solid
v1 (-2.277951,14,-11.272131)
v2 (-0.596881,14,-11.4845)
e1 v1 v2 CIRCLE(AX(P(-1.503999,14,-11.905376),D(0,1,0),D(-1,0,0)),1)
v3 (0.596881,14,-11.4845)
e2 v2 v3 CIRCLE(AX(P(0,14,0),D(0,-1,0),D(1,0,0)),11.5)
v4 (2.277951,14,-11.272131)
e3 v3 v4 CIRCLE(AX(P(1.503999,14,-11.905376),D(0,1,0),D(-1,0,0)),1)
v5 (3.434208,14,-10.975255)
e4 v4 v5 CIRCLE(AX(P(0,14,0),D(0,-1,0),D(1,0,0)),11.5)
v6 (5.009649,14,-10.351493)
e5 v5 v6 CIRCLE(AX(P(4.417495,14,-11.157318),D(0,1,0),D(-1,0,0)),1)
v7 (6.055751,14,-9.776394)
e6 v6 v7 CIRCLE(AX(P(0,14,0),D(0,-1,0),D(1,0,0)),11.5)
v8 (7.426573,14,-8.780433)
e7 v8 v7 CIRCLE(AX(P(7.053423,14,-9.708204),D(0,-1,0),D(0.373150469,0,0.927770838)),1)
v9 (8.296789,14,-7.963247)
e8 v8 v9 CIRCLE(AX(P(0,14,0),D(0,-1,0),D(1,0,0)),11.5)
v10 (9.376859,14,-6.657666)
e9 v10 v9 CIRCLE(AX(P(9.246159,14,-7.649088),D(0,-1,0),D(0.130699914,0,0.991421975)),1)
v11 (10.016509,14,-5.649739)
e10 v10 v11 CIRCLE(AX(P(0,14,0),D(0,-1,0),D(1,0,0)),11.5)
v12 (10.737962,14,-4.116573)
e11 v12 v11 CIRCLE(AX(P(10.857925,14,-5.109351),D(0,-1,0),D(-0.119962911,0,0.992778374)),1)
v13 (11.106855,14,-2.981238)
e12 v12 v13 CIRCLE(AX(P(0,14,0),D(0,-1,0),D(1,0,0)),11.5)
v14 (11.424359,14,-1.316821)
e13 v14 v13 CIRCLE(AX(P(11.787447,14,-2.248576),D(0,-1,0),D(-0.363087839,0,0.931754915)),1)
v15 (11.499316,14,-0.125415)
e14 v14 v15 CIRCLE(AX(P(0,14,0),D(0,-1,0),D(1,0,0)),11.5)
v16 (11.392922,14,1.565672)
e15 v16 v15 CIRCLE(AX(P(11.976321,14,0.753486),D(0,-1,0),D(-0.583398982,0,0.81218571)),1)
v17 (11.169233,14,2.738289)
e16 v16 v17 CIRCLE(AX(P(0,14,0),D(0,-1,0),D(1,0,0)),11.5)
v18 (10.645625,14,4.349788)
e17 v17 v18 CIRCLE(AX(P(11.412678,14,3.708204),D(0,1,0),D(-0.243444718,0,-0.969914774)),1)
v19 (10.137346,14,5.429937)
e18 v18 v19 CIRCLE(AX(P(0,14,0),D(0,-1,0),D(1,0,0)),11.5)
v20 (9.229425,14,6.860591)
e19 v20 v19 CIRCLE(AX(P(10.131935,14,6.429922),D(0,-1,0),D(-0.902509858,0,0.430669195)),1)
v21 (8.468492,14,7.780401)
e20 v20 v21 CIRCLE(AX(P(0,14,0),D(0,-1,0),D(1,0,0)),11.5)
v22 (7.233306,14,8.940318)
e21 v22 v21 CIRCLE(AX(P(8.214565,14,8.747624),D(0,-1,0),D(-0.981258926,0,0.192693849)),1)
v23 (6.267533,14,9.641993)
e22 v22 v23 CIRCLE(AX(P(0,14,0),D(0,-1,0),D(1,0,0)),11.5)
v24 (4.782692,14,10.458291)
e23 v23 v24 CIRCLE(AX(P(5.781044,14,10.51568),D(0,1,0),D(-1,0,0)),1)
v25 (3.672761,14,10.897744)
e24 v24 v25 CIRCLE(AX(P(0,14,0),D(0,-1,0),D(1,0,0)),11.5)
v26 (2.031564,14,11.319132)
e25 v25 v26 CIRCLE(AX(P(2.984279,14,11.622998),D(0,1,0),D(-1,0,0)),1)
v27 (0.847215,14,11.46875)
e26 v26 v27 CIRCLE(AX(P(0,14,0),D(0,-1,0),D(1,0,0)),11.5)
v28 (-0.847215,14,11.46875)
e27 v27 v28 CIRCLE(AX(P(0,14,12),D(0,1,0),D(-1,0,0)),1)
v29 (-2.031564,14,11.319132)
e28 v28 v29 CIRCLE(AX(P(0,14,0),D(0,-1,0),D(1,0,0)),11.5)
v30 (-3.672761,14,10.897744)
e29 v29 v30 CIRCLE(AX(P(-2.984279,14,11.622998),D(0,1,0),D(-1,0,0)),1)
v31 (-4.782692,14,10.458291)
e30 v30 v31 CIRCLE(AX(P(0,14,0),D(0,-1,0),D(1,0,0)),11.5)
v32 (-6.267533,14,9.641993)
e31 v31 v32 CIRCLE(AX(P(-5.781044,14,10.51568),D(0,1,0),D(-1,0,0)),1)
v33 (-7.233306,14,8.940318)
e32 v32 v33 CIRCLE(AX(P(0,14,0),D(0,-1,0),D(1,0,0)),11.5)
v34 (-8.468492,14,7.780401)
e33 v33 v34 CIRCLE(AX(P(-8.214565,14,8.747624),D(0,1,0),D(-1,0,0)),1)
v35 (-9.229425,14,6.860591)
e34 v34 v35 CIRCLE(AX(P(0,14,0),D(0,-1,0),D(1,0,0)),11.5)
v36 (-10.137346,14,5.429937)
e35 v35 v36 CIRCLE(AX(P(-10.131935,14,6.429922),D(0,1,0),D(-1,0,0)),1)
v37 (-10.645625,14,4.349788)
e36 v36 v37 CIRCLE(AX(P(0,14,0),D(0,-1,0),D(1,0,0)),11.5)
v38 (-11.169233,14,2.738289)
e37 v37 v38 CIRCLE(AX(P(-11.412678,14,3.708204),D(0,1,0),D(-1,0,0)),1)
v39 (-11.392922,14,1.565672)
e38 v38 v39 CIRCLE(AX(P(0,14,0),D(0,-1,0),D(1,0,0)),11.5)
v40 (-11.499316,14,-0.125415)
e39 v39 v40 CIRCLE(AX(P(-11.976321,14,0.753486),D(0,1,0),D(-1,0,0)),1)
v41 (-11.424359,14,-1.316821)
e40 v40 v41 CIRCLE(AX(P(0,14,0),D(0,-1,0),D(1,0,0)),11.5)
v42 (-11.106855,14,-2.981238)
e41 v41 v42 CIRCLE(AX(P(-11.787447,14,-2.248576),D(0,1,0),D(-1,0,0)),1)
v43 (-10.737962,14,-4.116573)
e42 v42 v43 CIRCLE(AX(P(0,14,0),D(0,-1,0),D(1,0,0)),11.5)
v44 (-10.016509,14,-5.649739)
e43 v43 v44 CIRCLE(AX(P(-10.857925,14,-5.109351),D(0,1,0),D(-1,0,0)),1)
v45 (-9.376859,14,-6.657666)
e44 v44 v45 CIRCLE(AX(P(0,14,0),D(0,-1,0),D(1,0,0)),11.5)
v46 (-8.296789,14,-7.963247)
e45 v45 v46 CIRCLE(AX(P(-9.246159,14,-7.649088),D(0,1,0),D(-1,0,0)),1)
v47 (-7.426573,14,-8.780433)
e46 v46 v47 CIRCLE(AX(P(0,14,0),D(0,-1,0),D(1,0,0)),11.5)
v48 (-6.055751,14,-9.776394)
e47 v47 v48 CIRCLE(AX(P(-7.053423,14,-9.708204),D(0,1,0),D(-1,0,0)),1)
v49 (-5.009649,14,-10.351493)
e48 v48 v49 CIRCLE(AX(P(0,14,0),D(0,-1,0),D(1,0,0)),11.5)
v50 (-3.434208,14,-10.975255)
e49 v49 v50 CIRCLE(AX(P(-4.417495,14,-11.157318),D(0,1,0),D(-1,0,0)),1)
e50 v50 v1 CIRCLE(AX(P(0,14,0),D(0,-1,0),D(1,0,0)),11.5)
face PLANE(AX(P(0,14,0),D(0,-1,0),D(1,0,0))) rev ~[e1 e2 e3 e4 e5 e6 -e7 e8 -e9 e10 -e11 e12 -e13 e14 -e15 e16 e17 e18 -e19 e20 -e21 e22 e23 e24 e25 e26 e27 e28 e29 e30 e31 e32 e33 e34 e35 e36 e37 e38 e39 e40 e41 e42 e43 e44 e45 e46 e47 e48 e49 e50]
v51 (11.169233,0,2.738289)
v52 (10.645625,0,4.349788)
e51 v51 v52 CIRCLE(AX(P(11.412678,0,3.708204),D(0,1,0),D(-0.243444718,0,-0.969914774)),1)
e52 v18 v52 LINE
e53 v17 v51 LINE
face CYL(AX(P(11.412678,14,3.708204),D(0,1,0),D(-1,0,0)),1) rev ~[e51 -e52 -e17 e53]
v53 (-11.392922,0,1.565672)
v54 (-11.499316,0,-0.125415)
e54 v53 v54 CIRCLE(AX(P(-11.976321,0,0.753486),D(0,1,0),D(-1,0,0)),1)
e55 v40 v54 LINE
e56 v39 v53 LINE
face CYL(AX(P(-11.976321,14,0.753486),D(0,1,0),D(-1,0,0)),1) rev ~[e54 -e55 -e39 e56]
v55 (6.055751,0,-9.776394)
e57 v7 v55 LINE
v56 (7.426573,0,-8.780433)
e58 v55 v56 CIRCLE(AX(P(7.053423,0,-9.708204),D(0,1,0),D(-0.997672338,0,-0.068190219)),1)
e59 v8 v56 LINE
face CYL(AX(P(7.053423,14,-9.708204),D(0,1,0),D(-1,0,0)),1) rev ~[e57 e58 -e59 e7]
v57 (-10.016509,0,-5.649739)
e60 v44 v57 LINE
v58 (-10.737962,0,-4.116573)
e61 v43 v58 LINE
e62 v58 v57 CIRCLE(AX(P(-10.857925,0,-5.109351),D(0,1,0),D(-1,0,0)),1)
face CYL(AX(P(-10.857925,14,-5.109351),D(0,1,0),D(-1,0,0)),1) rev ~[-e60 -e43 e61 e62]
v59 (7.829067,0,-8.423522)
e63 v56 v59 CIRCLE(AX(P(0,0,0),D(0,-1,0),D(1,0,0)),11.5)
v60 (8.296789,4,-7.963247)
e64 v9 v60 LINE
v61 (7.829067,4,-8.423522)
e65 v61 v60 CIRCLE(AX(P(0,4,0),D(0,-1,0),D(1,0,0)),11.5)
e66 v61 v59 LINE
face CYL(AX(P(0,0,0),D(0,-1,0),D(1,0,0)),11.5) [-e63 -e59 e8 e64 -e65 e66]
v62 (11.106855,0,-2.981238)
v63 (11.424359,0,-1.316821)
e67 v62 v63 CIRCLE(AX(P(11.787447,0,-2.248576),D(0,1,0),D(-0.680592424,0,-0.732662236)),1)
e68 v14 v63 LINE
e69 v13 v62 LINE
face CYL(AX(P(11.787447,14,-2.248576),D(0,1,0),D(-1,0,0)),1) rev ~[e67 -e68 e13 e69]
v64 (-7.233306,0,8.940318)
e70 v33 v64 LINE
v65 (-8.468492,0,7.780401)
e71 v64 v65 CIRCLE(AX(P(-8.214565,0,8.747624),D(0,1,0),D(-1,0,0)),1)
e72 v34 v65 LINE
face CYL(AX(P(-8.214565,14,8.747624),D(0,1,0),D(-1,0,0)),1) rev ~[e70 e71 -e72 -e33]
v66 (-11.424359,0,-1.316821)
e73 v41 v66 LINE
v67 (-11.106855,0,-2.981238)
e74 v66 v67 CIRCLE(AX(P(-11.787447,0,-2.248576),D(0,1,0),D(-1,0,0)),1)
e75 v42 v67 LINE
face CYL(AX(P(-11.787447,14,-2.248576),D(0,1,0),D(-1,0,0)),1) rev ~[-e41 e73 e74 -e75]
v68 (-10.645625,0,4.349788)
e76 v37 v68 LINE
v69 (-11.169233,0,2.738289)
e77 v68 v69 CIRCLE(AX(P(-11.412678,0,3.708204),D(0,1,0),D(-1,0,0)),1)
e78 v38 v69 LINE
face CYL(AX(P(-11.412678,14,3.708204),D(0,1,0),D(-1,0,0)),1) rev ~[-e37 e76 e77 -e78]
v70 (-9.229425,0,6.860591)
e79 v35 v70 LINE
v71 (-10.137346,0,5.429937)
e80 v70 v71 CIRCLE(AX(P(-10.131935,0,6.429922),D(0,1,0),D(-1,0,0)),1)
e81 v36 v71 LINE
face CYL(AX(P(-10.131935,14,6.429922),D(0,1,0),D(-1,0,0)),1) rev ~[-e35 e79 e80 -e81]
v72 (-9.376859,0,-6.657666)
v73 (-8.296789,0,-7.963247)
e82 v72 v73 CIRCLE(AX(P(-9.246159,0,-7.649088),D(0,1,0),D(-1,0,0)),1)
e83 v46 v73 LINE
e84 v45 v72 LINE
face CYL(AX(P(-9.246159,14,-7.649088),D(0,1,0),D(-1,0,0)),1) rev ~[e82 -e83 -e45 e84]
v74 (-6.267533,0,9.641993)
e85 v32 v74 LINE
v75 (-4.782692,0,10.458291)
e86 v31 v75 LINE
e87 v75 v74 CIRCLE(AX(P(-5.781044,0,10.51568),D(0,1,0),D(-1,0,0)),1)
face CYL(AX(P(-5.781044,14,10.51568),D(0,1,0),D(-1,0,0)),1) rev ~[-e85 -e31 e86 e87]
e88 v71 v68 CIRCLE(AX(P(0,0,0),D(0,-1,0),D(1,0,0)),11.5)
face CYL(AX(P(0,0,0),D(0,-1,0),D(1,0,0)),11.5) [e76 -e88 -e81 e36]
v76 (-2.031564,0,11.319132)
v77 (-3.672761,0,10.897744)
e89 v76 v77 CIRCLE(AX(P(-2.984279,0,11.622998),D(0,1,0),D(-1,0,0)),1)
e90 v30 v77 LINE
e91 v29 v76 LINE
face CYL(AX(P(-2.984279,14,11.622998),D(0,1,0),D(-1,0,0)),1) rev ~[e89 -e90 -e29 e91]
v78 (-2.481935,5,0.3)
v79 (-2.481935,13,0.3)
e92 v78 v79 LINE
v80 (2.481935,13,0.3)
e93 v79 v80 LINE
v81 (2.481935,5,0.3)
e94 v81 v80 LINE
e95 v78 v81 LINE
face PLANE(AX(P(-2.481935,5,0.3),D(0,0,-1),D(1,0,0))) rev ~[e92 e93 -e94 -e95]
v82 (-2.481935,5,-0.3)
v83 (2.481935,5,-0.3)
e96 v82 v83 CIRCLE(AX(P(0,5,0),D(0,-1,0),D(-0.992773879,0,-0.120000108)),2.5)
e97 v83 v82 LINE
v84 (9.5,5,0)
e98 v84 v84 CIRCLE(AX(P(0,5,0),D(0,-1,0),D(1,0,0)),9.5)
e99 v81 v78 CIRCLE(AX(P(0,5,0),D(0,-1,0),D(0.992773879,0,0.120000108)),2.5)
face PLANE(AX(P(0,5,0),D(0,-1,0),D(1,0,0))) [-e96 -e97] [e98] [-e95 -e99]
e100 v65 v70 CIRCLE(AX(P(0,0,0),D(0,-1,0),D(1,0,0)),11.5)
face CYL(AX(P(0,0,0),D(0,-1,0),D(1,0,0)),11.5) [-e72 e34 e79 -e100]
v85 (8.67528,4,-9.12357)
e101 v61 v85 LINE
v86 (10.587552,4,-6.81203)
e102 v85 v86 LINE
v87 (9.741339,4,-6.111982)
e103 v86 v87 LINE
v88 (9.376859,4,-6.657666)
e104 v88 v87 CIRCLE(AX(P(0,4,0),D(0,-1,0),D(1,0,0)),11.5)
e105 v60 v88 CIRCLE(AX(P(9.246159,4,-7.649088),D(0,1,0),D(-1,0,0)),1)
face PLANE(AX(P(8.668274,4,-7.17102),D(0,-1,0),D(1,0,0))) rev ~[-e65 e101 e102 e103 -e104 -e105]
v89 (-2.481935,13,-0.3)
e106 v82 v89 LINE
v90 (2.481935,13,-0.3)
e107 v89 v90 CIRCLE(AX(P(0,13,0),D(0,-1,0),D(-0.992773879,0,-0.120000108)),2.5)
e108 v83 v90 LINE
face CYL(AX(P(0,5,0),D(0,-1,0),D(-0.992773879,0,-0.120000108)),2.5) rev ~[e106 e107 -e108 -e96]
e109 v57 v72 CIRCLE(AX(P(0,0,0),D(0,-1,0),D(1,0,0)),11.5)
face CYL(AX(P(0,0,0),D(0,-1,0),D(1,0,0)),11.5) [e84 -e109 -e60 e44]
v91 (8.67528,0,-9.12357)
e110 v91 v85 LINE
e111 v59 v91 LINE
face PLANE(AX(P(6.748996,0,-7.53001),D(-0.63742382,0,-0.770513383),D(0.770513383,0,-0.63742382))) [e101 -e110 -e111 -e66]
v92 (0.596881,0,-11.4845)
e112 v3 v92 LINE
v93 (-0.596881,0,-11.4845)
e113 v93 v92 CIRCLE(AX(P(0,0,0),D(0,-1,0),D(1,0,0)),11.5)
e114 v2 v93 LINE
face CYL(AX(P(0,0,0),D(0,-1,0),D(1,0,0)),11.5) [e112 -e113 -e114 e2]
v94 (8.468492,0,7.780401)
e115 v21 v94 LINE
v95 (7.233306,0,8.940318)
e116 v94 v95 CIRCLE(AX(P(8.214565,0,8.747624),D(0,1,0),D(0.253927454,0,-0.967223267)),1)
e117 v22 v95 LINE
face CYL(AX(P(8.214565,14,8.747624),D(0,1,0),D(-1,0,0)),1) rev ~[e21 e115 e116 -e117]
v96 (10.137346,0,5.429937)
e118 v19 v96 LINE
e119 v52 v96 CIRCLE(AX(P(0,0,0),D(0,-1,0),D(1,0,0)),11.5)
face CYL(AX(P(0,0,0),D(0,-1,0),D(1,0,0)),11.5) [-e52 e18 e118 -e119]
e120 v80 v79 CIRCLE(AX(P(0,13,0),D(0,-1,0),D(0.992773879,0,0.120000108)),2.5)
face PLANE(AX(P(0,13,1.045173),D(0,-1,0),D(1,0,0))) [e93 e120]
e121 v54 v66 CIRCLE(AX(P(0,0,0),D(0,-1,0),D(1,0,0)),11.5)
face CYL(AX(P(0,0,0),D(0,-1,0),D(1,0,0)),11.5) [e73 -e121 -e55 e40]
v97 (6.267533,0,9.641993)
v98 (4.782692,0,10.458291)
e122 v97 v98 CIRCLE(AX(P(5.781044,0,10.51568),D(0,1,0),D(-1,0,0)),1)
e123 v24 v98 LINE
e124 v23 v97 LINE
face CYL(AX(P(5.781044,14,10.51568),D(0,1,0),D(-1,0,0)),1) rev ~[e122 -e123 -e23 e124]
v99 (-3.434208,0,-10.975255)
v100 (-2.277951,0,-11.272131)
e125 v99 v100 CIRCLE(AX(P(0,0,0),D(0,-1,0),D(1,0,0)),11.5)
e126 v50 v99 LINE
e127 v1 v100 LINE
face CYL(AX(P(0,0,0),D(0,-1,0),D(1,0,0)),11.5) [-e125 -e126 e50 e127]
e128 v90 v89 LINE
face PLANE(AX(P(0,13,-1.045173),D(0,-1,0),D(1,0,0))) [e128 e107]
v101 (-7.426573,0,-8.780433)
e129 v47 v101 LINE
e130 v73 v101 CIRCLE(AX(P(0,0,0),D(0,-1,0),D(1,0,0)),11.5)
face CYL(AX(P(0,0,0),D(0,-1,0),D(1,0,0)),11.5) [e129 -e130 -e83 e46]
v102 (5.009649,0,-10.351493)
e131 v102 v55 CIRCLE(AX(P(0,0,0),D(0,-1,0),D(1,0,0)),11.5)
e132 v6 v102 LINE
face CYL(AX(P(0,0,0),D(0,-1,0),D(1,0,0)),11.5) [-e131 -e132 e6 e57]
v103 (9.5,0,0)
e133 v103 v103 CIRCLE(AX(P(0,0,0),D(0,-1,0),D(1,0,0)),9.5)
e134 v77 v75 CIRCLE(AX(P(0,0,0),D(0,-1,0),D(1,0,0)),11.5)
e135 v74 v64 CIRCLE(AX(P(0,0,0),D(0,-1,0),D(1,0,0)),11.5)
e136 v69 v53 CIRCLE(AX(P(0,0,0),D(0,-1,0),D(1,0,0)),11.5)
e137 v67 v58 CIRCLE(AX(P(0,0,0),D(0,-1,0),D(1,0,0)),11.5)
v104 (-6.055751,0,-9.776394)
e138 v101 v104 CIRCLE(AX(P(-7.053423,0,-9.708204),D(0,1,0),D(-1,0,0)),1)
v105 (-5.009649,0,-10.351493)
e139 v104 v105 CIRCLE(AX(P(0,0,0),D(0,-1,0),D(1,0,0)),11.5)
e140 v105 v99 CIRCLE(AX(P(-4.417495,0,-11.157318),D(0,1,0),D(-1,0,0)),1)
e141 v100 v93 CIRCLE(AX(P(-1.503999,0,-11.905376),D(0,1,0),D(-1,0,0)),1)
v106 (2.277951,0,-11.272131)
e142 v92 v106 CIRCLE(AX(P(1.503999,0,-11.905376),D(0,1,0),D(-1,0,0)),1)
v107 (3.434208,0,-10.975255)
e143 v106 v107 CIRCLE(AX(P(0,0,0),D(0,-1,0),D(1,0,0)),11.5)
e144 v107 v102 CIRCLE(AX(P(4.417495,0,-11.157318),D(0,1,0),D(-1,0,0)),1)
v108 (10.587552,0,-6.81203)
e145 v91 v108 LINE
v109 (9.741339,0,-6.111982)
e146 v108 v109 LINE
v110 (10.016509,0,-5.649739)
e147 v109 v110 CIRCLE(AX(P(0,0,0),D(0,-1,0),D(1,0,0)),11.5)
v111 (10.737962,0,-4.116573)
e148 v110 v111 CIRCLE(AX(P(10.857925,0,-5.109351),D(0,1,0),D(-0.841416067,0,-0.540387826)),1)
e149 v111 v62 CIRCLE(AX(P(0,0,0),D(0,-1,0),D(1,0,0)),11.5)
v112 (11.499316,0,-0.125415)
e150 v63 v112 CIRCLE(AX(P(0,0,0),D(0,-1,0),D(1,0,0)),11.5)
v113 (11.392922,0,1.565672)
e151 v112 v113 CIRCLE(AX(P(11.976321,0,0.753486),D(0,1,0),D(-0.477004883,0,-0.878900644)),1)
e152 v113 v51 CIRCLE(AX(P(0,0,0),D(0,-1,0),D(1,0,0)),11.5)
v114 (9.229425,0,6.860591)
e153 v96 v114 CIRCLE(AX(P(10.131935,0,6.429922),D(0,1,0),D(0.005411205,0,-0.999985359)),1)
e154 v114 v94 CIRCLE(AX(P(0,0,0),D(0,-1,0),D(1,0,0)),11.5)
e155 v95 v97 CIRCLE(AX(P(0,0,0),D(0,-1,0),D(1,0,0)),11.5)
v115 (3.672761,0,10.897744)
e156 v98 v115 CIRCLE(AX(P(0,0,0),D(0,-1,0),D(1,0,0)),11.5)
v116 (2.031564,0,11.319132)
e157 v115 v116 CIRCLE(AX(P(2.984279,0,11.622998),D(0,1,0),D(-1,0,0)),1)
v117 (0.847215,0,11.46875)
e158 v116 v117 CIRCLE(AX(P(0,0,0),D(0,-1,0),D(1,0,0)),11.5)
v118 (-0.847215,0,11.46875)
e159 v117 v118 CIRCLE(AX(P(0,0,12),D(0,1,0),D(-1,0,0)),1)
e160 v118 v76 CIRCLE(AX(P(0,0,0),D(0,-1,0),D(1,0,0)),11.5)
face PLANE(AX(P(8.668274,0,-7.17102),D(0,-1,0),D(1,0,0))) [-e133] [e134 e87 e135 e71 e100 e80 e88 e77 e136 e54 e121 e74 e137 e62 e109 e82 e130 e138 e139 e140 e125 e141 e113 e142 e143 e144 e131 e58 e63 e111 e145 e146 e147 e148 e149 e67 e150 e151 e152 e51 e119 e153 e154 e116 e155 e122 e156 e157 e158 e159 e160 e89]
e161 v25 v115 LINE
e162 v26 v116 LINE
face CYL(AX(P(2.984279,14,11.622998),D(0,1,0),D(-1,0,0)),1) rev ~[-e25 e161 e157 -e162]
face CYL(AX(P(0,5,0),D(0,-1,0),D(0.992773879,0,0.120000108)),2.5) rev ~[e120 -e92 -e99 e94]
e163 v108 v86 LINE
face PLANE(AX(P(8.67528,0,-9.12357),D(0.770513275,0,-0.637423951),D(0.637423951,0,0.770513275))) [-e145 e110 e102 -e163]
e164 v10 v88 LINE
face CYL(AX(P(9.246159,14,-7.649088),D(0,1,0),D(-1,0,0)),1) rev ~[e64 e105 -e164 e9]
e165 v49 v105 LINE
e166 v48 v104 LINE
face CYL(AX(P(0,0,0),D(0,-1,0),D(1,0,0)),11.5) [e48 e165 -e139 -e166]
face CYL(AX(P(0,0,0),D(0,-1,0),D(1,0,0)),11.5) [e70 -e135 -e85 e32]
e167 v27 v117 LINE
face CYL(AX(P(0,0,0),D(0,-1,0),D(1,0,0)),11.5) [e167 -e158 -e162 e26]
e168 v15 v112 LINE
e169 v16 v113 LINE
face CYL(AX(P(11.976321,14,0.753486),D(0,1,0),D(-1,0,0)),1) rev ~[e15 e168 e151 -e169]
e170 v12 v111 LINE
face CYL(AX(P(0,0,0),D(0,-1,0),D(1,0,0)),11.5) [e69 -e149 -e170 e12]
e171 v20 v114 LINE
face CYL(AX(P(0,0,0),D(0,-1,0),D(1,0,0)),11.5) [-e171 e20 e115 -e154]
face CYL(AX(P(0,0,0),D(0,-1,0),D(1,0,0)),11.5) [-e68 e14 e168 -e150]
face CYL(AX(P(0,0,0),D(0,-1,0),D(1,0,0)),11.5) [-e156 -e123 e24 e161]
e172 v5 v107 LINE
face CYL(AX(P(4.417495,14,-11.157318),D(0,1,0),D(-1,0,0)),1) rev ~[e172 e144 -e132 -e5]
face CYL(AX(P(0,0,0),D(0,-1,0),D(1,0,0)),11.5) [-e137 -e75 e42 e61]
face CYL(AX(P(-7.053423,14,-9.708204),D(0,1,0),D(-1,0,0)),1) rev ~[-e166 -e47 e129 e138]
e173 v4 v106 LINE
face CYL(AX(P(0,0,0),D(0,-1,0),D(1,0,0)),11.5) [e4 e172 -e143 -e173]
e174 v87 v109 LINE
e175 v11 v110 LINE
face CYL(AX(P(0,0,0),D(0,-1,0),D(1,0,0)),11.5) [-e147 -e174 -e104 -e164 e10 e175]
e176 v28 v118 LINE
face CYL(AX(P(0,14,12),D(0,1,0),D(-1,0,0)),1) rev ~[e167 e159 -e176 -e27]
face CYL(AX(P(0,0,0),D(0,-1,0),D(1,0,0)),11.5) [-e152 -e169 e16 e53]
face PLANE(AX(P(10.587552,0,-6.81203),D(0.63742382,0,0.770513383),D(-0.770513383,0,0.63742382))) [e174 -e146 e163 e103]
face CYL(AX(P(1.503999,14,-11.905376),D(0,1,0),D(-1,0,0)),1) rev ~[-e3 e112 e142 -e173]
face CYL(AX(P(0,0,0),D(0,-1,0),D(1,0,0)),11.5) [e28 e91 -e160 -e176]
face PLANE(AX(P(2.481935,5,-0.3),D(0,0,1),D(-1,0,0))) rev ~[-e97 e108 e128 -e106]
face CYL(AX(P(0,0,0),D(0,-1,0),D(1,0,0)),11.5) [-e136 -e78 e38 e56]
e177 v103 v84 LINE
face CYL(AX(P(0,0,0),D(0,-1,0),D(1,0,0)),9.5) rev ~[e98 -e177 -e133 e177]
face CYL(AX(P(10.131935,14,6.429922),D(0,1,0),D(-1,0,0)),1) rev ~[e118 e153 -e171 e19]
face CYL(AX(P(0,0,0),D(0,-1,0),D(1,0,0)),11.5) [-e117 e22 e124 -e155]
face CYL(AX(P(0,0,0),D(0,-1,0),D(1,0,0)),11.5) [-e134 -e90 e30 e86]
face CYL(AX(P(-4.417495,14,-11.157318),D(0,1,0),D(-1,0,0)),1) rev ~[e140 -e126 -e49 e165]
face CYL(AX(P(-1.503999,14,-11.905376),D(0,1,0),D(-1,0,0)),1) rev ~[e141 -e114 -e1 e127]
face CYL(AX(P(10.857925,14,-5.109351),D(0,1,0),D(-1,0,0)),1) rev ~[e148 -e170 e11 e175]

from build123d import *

# Parameters (mm, degrees)
F0_R     = 11.5
F1_DEPTH = 14
F2_R     = 9.5
F3_DEPTH = 5
F5_DEPTH = 8
F6_R     = 1
F7_DEPTH = 14.001
F9_DEPTH = 4


with BuildPart() as f1:
    # F0 (on Front) → F1 (new body)
    with BuildSketch(Plane.XZ):
        Circle(F0_R)
    extrude(amount=-F1_DEPTH)

    # F2 (on face) → F3 (cut)
    with BuildSketch(Plane.XZ):
        Circle(F2_R)
    extrude(amount=-F3_DEPTH, mode=Mode.SUBTRACT)

    # F4 (on face) → F5 (cut)
    with BuildSketch(Plane.XZ.offset(-5)):
        with BuildLine():
            Line((-2.481935, 0.3), (2.481935, 0.3))
            ThreePointArc((2.481935, 0.3), (0, 2.5), (-2.481935, 0.3))
        make_face()
        with BuildLine():
            Line((2.481935, -0.3), (-2.481935, -0.3))
            ThreePointArc((-2.481935, -0.3), (0, -2.5), (2.481935, -0.3))
        make_face()
    extrude(amount=-F5_DEPTH, mode=Mode.SUBTRACT)

    # F6 (on face) → F7 (cut, through all)
    with BuildSketch(Plane(origin=(0, 14, 0), x_dir=(-1, 0, 0), z_dir=(0, 1, 0))):
        with Locations((0, 12)):
            Circle(F6_R)
        with Locations((-2.984279, 11.622998)):
            Circle(F6_R)
        with Locations((-5.781044, 10.51568)):
            Circle(F6_R)
        with Locations((-8.214565, 8.747624)):
            Circle(F6_R)
        with Locations((-10.131935, 6.429922)):
            Circle(F6_R)
        with Locations((-11.412678, 3.708204)):
            Circle(F6_R)
        with Locations((-11.976321, 0.753486)):
            Circle(F6_R)
        with Locations((-11.787447, -2.248576)):
            Circle(F6_R)
        with Locations((-10.857925, -5.109351)):
            Circle(F6_R)
        with Locations((-9.246159, -7.649088)):
            Circle(F6_R)
        with Locations((-7.053423, -9.708204)):
            Circle(F6_R)
        with Locations((-4.417495, -11.157318)):
            Circle(F6_R)
        with Locations((-1.503999, -11.905376)):
            Circle(F6_R)
        with Locations((1.503999, -11.905376)):
            Circle(F6_R)
        with Locations((4.417495, -11.157318)):
            Circle(F6_R)
        with Locations((7.053423, -9.708204)):
            Circle(F6_R)
        with Locations((9.246159, -7.649088)):
            Circle(F6_R)
        with Locations((10.857925, -5.109351)):
            Circle(F6_R)
        with Locations((11.787447, -2.248576)):
            Circle(F6_R)
        with Locations((11.976321, 0.753486)):
            Circle(F6_R)
        with Locations((11.412678, 3.708204)):
            Circle(F6_R)
        with Locations((10.131935, 6.429922)):
            Circle(F6_R)
        with Locations((8.214565, 8.747624)):
            Circle(F6_R)
        with Locations((5.781044, 10.51568)):
            Circle(F6_R)
        with Locations((2.984279, 11.622998)):
            Circle(F6_R)
    extrude(amount=-F7_DEPTH, mode=Mode.SUBTRACT)

    # F8 (on face) → F9 (join)
    with BuildSketch(Plane.XZ):
        Polygon((8.67528, -9.12357), (10.587552, -6.81203), (8.661268, -5.21847), (6.748996, -7.53001), align=None)
    extrude(amount=-F9_DEPTH)


solid = f1.part
